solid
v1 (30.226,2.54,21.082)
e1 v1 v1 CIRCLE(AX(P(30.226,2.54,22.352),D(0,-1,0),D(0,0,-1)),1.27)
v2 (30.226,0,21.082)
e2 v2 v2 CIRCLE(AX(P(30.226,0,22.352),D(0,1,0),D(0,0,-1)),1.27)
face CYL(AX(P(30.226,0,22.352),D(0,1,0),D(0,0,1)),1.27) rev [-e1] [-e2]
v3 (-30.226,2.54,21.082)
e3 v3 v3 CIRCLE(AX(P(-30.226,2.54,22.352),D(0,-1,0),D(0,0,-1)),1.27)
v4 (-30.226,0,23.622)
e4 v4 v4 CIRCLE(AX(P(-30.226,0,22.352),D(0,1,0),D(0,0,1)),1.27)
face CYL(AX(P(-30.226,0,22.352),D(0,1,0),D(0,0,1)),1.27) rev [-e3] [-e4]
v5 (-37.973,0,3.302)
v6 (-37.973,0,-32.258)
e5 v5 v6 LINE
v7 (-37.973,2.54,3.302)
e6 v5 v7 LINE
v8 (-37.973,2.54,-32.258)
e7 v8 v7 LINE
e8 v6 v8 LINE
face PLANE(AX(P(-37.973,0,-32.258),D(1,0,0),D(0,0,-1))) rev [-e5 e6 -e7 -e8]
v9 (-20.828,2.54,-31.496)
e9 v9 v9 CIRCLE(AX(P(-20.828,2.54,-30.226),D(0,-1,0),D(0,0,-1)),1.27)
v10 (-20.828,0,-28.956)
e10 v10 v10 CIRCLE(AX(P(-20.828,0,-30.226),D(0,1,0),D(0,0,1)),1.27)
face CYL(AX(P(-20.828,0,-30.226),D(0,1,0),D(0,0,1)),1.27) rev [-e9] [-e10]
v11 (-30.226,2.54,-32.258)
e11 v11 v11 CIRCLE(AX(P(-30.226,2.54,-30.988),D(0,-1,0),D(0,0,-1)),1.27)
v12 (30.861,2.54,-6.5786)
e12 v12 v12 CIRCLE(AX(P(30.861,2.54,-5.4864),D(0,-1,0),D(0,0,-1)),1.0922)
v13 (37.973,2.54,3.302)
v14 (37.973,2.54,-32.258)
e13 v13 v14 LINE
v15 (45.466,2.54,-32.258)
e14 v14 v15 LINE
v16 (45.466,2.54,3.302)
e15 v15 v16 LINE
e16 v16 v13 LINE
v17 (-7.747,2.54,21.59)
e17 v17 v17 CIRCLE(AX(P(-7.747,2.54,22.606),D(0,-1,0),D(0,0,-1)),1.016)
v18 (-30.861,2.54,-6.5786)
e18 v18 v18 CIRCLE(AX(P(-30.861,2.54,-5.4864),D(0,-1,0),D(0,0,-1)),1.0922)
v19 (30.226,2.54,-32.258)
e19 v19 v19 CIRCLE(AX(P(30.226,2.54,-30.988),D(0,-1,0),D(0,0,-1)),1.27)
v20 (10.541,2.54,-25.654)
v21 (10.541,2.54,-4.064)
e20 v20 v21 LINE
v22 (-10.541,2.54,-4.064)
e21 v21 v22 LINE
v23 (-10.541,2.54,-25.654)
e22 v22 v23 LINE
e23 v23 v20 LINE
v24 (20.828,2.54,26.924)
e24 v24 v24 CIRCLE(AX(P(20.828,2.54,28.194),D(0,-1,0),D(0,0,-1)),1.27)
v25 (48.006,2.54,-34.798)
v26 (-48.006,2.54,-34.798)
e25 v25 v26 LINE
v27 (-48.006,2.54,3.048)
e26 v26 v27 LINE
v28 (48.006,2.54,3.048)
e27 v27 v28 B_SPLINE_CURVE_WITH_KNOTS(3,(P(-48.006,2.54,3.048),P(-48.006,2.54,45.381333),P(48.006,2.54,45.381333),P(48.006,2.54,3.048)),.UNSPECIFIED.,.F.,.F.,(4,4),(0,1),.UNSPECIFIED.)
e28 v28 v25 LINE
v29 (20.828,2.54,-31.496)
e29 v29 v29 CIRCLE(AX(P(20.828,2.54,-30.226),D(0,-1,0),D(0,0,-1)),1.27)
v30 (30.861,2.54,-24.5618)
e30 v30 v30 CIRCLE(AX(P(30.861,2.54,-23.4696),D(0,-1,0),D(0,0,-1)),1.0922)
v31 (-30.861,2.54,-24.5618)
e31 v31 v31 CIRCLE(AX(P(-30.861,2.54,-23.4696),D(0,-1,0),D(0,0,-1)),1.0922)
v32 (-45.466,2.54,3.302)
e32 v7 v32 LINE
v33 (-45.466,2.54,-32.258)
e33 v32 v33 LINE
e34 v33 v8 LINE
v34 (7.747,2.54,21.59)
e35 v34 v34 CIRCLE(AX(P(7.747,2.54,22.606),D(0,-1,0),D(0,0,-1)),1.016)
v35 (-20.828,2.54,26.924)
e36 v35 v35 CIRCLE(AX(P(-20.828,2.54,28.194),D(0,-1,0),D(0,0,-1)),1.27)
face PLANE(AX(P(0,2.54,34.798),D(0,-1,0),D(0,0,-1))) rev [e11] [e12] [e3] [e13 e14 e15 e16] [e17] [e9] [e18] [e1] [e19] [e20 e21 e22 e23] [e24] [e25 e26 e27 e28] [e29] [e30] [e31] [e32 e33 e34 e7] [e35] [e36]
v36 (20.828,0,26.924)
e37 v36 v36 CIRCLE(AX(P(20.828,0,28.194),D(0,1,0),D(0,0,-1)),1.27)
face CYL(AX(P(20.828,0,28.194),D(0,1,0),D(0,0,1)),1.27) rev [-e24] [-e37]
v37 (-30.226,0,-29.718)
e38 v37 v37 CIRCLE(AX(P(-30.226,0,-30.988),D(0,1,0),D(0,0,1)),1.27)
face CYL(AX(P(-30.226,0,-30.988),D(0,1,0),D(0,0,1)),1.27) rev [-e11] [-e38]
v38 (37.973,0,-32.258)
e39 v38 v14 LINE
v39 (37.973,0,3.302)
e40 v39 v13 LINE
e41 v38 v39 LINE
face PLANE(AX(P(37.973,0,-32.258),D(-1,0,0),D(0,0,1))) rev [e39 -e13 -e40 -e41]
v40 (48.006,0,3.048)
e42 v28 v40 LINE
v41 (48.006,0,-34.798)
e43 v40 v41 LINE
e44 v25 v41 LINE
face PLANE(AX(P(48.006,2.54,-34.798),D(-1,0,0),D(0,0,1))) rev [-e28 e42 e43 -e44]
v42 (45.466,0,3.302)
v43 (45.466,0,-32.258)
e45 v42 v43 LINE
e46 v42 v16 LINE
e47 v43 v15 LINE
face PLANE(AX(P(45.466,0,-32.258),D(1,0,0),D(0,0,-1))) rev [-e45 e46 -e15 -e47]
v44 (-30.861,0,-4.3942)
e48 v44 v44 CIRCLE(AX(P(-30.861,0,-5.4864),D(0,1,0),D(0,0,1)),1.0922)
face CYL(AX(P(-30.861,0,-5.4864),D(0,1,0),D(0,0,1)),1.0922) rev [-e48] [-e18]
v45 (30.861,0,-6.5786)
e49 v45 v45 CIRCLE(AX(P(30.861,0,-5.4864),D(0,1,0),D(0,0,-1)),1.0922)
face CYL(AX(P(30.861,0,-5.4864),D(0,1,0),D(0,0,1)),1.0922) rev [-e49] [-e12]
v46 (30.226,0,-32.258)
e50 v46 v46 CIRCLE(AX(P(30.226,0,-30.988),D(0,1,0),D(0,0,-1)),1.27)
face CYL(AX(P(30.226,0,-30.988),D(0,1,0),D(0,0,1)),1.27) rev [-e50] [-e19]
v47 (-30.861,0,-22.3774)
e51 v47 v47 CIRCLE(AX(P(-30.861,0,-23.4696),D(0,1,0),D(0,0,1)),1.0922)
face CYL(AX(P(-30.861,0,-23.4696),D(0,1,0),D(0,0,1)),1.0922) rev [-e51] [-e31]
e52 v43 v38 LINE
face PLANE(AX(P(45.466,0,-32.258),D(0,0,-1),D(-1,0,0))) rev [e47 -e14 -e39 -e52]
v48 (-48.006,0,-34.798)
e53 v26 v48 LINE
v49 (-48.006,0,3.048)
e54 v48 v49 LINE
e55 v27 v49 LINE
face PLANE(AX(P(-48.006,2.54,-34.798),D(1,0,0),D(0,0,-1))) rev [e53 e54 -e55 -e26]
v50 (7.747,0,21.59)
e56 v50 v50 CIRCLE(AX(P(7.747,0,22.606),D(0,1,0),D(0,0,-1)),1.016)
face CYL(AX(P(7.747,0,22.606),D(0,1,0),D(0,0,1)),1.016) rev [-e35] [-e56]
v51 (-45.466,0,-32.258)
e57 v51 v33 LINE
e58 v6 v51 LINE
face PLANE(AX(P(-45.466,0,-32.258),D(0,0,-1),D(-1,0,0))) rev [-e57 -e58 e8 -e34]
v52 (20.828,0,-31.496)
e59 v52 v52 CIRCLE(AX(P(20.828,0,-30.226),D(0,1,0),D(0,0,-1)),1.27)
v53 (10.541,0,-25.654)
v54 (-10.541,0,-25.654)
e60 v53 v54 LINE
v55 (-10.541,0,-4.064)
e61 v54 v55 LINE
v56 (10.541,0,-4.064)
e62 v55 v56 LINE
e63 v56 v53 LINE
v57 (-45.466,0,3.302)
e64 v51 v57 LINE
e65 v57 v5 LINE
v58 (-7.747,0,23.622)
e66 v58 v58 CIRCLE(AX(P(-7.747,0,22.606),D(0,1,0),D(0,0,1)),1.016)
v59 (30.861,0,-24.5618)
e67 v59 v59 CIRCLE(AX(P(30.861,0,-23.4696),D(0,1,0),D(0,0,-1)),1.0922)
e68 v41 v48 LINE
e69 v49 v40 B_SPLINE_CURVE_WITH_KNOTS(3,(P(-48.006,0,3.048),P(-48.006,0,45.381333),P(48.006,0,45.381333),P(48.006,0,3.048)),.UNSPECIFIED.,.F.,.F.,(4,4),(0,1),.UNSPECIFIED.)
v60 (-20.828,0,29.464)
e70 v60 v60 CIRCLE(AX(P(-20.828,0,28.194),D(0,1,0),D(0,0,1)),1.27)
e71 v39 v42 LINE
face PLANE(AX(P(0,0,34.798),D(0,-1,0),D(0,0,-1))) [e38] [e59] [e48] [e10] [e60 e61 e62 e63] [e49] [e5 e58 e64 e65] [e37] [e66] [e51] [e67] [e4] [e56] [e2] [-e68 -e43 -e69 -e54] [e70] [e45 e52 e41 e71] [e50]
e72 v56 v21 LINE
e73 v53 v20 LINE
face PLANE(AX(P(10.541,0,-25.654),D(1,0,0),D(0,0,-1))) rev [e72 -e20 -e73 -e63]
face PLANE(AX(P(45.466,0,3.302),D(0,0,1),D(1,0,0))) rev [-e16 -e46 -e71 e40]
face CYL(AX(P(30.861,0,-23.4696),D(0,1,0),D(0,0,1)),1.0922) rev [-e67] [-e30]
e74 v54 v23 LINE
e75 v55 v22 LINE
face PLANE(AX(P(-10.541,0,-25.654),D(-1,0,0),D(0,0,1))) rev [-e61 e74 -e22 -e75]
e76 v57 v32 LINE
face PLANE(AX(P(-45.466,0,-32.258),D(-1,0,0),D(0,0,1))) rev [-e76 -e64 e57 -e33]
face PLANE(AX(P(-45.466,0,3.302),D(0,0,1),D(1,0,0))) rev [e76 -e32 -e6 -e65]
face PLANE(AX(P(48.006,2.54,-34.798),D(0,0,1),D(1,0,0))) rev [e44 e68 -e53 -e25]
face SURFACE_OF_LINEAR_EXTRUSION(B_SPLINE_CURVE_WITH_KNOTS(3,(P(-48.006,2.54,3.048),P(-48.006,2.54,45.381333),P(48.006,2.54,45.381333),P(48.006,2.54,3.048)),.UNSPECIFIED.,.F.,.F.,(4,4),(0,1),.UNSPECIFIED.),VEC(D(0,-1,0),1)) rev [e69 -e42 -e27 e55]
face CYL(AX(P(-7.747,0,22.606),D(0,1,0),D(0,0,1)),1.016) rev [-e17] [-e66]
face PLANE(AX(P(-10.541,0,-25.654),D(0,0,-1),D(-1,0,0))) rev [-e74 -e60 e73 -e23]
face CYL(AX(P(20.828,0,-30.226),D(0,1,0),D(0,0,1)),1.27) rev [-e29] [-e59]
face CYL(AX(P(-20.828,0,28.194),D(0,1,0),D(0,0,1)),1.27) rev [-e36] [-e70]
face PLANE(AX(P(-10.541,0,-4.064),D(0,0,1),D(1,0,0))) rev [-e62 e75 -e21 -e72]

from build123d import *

# Parameters (mm, degrees)
BOSS_EXTRUDE1_DEPTH     = 2.54
CUT_EXTRUDE1_DEPTH      = 60.34583774
CUT_EXTRUDE1_DEPTH_BACK = 60.34583774
SKETCH3_R               = 1.0922
SKETCH3_R_2             = 1.27
SKETCH3_R_3             = 1.016
SKETCH3_W               = 7.493
SKETCH3_H               = 35.56
SKETCH3_W_2             = 21.082
SKETCH3_H_2             = 21.59


with BuildPart() as part:
    # Sketch2 → Boss-Extrude1 (new body)
    with BuildSketch(Plane(origin=(0, 0, 0), x_dir=(1, 0, 0), z_dir=(0, 1, 0))):
        with BuildLine():
            Line((48.006, 34.798), (-48.006, 34.798))
            Line((-48.006, 34.798), (-48.006, -3.048))
            add(Edge.make_bspline(
                [(-48.006, -3.048), (-48.006, -45.381333333), (48.006, -45.381333333), (48.006, -3.048)],
                knots=[0, 0, 0, 0, 1, 1, 1, 1], degree=3))
            Line((48.006, -3.048), (48.006, 34.798))
        make_face()
    extrude(amount=BOSS_EXTRUDE1_DEPTH)

    # Sketch3 → Cut-Extrude1 (cut, two sides: drawn at the far end of the back side and taken through both)
    with BuildSketch(Plane(origin=(0, 2.54, 0), x_dir=(1, 0, 0), z_dir=(0, 1, 0)).offset(-CUT_EXTRUDE1_DEPTH_BACK)):
        with Locations(Location((-30.861, 23.4696, 0), (0, 0, 270))):
            Circle(SKETCH3_R)
        with Locations(Location((-30.861, 5.4864, 0), (0, 0, 270))):
            Circle(SKETCH3_R)
        with Locations(Location((-30.226, 30.988, 0), (0, 0, 270))):
            Circle(SKETCH3_R_2)
        with Locations(Location((30.861, 5.4864, 0), (0, 0, 90))):
            Circle(SKETCH3_R)
        with Locations(Location((30.861, 23.4696, 0), (0, 0, 90))):
            Circle(SKETCH3_R)
        with Locations(Location((-30.226, -22.352, 0), (0, 0, 270))):
            Circle(SKETCH3_R_2)
        with Locations(Location((30.226, -22.352, 0), (0, 0, 90))):
            Circle(SKETCH3_R_2)
        with Locations(Location((30.226, 30.988, 0), (0, 0, 90))):
            Circle(SKETCH3_R_2)
        with Locations(Location((-7.747, -22.606, 0), (0, 0, 270))):
            Circle(SKETCH3_R_3)
        with Locations(Location((7.747, -22.606, 0), (0, 0, 90))):
            Circle(SKETCH3_R_3)
        with Locations(Location((-20.828, 30.226, 0), (0, 0, 270))):
            Circle(SKETCH3_R_2)
        with Locations(Location((-20.828, -28.194, 0), (0, 0, 270))):
            Circle(SKETCH3_R_2)
        with Locations(Location((20.828, -28.194, 0), (0, 0, 90))):
            Circle(SKETCH3_R_2)
        with Locations(Location((20.828, 30.226, 0), (0, 0, 90))):
            Circle(SKETCH3_R_2)
        with Locations((-41.7195, 14.478)):
            Rectangle(SKETCH3_W, SKETCH3_H)
        with Locations((41.7195, 14.478)):
            Rectangle(SKETCH3_W, SKETCH3_H)
        with Locations((0, 14.859)):
            Rectangle(SKETCH3_W_2, SKETCH3_H_2)
    extrude(amount=CUT_EXTRUDE1_DEPTH + CUT_EXTRUDE1_DEPTH_BACK, mode=Mode.SUBTRACT)


solid = part.part
